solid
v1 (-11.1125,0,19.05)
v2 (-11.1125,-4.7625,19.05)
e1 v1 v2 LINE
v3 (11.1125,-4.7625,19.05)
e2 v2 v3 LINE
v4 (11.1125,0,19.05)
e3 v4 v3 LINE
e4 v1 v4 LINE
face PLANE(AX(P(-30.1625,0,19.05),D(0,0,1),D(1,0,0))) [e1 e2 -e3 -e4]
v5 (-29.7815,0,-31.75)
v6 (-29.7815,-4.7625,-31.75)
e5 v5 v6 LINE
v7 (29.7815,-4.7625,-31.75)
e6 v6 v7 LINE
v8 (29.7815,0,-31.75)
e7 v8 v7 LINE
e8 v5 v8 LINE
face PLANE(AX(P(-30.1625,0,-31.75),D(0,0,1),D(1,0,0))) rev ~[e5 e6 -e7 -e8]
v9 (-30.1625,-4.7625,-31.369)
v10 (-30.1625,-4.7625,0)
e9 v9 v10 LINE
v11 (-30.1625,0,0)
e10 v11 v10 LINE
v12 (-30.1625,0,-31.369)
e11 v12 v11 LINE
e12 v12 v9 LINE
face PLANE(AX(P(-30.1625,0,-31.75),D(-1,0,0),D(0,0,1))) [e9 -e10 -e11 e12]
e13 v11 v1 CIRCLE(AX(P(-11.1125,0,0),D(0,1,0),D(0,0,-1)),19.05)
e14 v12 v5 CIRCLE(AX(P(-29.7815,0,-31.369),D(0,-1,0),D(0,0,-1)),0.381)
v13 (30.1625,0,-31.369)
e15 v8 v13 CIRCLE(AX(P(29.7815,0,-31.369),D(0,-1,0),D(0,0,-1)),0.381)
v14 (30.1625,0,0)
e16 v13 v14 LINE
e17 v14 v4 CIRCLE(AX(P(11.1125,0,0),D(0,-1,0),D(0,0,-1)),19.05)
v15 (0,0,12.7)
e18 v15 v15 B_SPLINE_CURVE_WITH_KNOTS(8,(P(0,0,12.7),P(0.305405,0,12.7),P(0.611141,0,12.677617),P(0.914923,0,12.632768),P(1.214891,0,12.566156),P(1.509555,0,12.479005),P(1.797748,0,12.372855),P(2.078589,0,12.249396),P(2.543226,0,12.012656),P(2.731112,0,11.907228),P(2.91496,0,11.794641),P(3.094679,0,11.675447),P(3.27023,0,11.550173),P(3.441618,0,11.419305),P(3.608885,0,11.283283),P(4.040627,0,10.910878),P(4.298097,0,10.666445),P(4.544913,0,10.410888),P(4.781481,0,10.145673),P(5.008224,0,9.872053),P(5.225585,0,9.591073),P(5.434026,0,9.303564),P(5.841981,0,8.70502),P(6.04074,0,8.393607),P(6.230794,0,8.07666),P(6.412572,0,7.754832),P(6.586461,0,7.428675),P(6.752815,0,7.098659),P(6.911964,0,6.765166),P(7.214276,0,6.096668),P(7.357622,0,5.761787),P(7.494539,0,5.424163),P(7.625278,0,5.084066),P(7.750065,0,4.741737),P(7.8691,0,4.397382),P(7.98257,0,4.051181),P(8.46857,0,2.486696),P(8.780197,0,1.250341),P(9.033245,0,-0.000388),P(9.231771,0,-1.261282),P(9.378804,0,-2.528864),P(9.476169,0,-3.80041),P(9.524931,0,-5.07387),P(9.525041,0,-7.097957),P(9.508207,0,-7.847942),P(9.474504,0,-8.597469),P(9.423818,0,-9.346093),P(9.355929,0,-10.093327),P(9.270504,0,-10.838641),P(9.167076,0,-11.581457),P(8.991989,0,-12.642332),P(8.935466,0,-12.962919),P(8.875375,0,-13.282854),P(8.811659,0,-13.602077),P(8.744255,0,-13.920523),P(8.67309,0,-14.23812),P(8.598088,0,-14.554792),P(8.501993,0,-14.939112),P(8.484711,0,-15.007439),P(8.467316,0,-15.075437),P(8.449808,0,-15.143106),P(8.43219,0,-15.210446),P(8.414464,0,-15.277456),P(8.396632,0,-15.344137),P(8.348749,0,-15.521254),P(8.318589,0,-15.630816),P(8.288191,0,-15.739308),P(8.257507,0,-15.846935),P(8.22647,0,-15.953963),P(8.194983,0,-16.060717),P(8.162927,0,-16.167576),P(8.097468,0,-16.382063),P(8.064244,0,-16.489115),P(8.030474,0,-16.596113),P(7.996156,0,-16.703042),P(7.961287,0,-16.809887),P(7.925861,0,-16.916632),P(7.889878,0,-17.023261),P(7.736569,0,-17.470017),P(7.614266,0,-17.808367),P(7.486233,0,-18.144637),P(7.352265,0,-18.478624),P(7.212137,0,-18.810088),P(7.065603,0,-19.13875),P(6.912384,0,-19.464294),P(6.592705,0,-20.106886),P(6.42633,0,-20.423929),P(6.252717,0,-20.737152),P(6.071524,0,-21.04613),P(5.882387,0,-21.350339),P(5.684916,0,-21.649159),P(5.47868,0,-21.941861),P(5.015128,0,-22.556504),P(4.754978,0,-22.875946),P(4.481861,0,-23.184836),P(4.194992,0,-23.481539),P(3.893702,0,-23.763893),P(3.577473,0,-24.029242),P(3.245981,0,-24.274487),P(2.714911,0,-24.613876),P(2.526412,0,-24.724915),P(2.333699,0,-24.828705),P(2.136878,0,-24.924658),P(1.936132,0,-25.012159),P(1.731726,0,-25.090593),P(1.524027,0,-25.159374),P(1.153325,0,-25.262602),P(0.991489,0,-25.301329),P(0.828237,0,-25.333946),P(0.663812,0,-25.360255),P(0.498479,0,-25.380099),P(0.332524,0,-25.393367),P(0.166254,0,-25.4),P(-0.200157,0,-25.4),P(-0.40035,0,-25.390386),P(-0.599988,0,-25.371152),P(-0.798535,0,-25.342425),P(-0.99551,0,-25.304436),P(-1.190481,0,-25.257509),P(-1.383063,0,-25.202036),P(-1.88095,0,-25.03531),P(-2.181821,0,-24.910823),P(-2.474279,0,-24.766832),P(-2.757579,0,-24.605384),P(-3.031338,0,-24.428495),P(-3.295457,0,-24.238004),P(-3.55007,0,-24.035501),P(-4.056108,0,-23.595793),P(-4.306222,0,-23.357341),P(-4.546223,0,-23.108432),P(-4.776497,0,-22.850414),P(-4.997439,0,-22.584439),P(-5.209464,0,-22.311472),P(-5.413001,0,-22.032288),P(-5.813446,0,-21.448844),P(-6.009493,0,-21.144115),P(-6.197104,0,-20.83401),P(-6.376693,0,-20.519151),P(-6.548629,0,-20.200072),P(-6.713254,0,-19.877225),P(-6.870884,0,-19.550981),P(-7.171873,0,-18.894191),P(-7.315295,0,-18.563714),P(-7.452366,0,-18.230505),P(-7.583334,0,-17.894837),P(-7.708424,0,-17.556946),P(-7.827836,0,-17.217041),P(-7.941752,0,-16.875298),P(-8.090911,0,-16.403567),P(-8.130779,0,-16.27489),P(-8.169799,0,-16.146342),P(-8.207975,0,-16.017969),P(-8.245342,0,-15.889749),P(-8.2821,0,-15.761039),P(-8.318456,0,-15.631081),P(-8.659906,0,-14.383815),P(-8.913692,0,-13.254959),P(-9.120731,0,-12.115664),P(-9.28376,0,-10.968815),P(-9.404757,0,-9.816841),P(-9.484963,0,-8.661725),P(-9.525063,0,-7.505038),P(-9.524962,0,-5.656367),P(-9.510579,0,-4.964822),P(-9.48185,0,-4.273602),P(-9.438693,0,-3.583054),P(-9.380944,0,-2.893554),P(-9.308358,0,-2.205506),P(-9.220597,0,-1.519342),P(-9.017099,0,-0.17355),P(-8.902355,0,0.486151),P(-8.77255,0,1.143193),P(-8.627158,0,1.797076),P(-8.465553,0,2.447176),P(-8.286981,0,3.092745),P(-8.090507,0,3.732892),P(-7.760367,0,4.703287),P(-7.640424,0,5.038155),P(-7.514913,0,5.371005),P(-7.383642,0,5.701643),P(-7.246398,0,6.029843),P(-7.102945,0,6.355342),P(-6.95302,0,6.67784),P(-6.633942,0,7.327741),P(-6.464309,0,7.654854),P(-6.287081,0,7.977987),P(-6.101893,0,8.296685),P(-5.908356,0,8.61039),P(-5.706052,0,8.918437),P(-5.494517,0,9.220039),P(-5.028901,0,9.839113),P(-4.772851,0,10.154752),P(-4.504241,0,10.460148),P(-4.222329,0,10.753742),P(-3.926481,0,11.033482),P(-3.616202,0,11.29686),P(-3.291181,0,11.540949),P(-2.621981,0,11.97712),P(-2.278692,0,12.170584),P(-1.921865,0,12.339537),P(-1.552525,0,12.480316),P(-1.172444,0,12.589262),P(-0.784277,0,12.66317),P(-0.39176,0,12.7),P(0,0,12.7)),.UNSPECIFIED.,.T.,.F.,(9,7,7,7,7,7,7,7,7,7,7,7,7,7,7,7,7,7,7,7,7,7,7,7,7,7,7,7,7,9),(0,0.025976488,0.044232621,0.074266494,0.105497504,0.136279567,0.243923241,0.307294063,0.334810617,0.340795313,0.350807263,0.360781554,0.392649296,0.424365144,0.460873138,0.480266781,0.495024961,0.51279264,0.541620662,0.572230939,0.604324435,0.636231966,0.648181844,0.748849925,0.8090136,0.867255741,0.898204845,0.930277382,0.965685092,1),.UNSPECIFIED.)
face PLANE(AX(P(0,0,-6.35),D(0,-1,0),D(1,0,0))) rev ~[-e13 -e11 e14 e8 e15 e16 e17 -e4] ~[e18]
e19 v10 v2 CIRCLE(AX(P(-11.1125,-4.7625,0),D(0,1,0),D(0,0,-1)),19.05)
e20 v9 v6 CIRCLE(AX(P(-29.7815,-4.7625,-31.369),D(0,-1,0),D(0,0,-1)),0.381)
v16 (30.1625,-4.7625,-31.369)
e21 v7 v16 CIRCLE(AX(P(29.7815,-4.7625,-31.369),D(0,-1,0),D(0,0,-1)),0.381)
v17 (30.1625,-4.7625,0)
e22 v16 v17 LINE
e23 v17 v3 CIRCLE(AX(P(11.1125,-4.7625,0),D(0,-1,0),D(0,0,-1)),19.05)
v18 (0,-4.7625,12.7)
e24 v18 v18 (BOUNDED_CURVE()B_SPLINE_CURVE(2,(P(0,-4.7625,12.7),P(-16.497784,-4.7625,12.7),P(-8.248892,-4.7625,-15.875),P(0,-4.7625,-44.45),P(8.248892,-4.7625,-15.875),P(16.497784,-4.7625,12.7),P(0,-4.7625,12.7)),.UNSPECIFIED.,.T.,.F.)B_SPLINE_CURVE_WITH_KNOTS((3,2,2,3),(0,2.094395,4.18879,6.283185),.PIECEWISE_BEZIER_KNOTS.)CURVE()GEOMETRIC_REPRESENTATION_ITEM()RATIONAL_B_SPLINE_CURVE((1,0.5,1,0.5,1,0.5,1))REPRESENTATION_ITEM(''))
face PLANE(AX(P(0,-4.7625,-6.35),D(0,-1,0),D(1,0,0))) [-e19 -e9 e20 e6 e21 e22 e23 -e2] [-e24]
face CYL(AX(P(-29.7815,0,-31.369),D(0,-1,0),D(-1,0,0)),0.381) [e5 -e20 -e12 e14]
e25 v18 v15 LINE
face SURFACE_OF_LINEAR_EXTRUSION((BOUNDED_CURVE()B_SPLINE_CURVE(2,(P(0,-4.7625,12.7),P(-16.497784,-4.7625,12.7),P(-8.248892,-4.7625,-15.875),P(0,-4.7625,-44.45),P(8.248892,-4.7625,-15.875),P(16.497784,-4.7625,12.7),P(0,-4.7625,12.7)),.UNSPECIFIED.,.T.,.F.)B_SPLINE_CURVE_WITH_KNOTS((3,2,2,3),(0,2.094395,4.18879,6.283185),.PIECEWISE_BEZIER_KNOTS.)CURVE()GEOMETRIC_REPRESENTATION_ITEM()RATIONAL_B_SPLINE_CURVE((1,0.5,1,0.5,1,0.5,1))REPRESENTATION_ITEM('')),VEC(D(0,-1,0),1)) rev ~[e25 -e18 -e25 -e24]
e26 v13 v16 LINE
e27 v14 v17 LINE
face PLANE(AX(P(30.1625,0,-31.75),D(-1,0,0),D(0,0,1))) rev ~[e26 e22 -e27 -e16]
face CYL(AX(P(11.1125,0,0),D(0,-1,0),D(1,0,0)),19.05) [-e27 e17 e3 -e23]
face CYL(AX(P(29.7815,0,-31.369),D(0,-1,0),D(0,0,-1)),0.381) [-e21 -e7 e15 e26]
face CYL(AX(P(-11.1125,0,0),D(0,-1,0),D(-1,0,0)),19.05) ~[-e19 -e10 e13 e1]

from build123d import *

# Parameters (mm, degrees)
F0_W     = 60.325
F0_H     = 50.8
F1_DEPTH = 4.7625
F2_R     = 19.05
F3_R     = 0.381
F5_DEPTH = 25.4


with BuildPart() as f1:
    # F0 (on Front) → F1 (new body)
    with BuildSketch(Plane.XZ):
        with Locations((0, -6.35)):
            Rectangle(F0_W, F0_H)
    extrude(amount=F1_DEPTH)

    # F2
    f2_edges = [f1.edges().sort_by_distance(p)[0] for p in [
        (-30.1625, -2.38125, 19.05),
        (30.1625, -2.38125, 19.05),
    ]]
    fillet(f2_edges, radius=F2_R)

    # F3
    f3_edges = [f1.edges().sort_by_distance(p)[0] for p in [
        (-30.1625, -2.38125, -31.75),
        (30.1625, -2.38125, -31.75),
    ]]
    fillet(f3_edges, radius=F3_R)

    # F4 (on face) → F5 (cut)
    with BuildSketch(Plane.XZ.offset(4.7625)):
        with BuildLine():
            add(Edge.make_bspline(
                [(0, 12.7), (-16.497784, 12.7), (-8.248892, -15.875), (0, -44.45), (8.248892, -15.875), (16.497784, 12.7), (0, 12.7)],
                knots=[0, 0, 0, 2.094395, 2.094395, 4.18879, 4.18879, 6.283185, 6.283185, 6.283185], degree=2, weights=[1, 0.5, 1, 0.5, 1, 0.5, 1]))
        make_face()
    extrude(amount=-F5_DEPTH, mode=Mode.SUBTRACT)


solid = f1.part
